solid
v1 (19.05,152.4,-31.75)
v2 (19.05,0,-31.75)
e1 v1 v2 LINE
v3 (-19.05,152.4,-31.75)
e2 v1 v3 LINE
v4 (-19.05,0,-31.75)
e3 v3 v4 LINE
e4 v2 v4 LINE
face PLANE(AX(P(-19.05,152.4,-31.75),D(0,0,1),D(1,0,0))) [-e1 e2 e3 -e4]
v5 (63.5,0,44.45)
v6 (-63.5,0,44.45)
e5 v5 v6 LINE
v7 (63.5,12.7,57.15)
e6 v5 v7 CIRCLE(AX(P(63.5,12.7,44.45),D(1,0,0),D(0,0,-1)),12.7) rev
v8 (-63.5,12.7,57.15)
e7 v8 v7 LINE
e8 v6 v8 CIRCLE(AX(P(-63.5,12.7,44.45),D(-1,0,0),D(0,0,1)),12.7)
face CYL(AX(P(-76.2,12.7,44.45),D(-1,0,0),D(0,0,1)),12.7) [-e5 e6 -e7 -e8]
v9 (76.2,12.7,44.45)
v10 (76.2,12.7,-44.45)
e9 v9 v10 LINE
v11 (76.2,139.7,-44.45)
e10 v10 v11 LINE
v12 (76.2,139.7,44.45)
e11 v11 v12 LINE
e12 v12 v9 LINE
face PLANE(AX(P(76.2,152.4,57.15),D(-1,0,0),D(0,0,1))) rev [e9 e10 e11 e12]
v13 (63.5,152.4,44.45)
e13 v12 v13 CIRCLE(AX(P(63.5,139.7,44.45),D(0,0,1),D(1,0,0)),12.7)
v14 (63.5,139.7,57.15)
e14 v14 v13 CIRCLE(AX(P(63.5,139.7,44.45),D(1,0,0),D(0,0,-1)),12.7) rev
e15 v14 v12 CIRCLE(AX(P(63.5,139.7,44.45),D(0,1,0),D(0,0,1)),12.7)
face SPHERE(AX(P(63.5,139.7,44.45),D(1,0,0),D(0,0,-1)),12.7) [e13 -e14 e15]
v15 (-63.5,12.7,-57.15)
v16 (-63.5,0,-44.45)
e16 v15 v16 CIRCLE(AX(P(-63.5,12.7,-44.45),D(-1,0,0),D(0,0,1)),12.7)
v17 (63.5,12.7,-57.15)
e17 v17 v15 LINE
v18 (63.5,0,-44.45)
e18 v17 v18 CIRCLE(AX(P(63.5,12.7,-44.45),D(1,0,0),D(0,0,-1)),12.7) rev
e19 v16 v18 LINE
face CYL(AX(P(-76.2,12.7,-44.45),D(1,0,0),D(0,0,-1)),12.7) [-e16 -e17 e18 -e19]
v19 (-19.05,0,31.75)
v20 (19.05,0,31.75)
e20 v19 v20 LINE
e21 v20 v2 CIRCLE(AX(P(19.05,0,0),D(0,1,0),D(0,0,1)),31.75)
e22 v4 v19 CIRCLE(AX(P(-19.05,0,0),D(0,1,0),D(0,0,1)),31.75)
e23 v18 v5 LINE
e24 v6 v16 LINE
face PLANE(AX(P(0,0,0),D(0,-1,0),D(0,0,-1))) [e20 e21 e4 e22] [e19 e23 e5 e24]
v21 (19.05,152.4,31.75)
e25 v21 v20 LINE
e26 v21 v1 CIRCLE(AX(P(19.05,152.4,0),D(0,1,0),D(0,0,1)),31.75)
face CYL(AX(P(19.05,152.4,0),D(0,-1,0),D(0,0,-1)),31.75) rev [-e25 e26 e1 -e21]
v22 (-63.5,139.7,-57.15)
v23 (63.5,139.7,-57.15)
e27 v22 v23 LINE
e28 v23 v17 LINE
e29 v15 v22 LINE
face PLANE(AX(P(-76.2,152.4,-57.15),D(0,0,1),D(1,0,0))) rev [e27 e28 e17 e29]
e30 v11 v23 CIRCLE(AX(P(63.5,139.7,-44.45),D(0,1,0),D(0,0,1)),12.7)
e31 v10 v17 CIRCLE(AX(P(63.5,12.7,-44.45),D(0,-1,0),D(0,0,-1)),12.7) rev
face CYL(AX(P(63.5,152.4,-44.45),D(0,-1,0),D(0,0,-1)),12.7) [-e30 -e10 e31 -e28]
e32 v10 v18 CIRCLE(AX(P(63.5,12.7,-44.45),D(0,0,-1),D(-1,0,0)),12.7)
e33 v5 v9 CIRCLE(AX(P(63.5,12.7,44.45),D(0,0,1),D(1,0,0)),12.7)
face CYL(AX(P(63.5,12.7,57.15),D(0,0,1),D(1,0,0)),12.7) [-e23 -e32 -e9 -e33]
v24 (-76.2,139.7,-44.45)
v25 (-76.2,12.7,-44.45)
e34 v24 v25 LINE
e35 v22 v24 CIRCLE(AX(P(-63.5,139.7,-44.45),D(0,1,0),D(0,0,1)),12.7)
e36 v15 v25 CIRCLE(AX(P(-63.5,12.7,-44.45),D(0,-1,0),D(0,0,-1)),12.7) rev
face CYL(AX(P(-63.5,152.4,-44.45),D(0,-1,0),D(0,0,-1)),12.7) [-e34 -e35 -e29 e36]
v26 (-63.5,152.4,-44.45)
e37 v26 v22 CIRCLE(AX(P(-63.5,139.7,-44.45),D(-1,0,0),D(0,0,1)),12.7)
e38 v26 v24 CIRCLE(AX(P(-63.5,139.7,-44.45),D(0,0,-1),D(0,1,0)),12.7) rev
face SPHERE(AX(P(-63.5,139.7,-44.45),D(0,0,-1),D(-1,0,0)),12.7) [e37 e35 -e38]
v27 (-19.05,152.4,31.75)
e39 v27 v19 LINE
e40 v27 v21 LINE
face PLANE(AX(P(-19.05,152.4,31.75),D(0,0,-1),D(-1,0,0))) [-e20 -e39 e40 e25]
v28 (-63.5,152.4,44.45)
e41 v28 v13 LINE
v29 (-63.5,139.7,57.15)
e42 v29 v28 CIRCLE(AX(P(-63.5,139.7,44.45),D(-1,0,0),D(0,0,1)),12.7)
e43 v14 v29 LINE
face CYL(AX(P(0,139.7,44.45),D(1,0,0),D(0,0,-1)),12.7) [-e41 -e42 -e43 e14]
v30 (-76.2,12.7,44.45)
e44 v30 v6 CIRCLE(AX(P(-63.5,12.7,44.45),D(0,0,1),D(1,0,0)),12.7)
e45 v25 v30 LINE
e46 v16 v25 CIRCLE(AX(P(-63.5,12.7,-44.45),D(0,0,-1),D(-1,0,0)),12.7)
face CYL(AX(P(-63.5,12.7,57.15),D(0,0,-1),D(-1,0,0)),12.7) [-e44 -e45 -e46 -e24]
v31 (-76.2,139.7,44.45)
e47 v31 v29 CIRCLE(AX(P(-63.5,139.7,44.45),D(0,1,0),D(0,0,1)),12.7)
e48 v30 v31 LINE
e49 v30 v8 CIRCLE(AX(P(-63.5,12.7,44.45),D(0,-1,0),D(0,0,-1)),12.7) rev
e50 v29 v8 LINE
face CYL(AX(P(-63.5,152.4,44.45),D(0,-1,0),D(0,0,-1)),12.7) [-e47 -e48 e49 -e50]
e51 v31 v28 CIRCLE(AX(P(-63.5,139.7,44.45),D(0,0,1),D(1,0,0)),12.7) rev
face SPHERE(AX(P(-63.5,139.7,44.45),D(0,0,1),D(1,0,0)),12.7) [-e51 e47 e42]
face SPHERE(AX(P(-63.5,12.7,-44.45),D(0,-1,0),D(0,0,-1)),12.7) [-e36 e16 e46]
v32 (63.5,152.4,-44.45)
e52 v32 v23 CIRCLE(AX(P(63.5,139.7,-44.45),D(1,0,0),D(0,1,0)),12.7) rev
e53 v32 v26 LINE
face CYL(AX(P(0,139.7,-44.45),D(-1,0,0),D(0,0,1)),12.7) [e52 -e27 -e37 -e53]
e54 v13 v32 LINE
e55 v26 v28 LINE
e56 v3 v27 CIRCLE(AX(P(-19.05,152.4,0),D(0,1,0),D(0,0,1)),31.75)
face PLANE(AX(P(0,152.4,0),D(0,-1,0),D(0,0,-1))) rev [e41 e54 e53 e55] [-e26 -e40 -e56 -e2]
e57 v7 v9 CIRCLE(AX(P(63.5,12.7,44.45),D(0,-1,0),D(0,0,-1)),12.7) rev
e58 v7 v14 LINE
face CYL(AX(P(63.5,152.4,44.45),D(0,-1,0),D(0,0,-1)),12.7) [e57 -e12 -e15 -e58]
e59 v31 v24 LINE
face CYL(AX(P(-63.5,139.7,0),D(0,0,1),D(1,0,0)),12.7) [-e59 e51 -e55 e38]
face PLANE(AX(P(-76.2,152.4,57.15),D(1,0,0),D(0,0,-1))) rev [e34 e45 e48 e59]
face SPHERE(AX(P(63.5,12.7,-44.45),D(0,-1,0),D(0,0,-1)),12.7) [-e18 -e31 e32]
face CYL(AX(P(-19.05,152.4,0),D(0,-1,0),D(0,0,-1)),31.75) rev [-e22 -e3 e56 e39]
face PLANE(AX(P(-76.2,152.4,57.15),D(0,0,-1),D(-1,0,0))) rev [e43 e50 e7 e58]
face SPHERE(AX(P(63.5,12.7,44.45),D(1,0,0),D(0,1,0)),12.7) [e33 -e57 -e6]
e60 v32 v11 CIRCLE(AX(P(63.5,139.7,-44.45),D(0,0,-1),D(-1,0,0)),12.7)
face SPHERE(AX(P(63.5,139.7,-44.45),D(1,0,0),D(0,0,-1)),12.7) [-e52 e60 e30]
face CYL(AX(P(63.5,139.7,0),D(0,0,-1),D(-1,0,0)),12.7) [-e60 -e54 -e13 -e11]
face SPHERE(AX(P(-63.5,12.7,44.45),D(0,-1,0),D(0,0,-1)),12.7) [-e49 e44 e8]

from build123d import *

# Parameters (mm, degrees)
SKETCH1_W           = 152.4
SKETCH1_H           = 114.3
BOSS_EXTRUDE1_DEPTH = 152.4
FILLET1_R           = 12.7


with BuildPart() as part:
    # Sketch1 → Boss-Extrude1 (new body)
    with BuildSketch(Plane(origin=(0, 0, 0), x_dir=(1, 0, 0), z_dir=(0, 1, 0))):
        Rectangle(SKETCH1_W, SKETCH1_H)
        with BuildLine():
            Line((-19.05, 31.75), (19.05, 31.75))
            ThreePointArc((19.05, 31.75), (50.8, 0), (19.05, -31.75))
            Line((19.05, -31.75), (-19.05, -31.75))
            ThreePointArc((-19.05, -31.75), (-50.8, 0), (-19.05, 31.75))
        make_face(mode=Mode.SUBTRACT)
    extrude(amount=BOSS_EXTRUDE1_DEPTH)

    # Fillet1
    fillet1_edges = [part.edges().sort_by_distance(p)[0] for p in [
        (-76.2, 152.4, 0),
        (0, 152.4, 57.15),
        (76.2, 152.4, 0),
        (0, 0, 57.15),
        (-76.2, 0, 0),
        (0, 0, -57.15),
        (76.2, 0, 0),
        (76.2, 76.2, 57.15),
        (-76.2, 76.2, 57.15),
        (-76.2, 76.2, -57.15),
        (76.2, 76.2, -57.15),
        (0, 152.4, -57.15),
    ]]
    fillet(fillet1_edges, radius=FILLET1_R)


solid = part.part
